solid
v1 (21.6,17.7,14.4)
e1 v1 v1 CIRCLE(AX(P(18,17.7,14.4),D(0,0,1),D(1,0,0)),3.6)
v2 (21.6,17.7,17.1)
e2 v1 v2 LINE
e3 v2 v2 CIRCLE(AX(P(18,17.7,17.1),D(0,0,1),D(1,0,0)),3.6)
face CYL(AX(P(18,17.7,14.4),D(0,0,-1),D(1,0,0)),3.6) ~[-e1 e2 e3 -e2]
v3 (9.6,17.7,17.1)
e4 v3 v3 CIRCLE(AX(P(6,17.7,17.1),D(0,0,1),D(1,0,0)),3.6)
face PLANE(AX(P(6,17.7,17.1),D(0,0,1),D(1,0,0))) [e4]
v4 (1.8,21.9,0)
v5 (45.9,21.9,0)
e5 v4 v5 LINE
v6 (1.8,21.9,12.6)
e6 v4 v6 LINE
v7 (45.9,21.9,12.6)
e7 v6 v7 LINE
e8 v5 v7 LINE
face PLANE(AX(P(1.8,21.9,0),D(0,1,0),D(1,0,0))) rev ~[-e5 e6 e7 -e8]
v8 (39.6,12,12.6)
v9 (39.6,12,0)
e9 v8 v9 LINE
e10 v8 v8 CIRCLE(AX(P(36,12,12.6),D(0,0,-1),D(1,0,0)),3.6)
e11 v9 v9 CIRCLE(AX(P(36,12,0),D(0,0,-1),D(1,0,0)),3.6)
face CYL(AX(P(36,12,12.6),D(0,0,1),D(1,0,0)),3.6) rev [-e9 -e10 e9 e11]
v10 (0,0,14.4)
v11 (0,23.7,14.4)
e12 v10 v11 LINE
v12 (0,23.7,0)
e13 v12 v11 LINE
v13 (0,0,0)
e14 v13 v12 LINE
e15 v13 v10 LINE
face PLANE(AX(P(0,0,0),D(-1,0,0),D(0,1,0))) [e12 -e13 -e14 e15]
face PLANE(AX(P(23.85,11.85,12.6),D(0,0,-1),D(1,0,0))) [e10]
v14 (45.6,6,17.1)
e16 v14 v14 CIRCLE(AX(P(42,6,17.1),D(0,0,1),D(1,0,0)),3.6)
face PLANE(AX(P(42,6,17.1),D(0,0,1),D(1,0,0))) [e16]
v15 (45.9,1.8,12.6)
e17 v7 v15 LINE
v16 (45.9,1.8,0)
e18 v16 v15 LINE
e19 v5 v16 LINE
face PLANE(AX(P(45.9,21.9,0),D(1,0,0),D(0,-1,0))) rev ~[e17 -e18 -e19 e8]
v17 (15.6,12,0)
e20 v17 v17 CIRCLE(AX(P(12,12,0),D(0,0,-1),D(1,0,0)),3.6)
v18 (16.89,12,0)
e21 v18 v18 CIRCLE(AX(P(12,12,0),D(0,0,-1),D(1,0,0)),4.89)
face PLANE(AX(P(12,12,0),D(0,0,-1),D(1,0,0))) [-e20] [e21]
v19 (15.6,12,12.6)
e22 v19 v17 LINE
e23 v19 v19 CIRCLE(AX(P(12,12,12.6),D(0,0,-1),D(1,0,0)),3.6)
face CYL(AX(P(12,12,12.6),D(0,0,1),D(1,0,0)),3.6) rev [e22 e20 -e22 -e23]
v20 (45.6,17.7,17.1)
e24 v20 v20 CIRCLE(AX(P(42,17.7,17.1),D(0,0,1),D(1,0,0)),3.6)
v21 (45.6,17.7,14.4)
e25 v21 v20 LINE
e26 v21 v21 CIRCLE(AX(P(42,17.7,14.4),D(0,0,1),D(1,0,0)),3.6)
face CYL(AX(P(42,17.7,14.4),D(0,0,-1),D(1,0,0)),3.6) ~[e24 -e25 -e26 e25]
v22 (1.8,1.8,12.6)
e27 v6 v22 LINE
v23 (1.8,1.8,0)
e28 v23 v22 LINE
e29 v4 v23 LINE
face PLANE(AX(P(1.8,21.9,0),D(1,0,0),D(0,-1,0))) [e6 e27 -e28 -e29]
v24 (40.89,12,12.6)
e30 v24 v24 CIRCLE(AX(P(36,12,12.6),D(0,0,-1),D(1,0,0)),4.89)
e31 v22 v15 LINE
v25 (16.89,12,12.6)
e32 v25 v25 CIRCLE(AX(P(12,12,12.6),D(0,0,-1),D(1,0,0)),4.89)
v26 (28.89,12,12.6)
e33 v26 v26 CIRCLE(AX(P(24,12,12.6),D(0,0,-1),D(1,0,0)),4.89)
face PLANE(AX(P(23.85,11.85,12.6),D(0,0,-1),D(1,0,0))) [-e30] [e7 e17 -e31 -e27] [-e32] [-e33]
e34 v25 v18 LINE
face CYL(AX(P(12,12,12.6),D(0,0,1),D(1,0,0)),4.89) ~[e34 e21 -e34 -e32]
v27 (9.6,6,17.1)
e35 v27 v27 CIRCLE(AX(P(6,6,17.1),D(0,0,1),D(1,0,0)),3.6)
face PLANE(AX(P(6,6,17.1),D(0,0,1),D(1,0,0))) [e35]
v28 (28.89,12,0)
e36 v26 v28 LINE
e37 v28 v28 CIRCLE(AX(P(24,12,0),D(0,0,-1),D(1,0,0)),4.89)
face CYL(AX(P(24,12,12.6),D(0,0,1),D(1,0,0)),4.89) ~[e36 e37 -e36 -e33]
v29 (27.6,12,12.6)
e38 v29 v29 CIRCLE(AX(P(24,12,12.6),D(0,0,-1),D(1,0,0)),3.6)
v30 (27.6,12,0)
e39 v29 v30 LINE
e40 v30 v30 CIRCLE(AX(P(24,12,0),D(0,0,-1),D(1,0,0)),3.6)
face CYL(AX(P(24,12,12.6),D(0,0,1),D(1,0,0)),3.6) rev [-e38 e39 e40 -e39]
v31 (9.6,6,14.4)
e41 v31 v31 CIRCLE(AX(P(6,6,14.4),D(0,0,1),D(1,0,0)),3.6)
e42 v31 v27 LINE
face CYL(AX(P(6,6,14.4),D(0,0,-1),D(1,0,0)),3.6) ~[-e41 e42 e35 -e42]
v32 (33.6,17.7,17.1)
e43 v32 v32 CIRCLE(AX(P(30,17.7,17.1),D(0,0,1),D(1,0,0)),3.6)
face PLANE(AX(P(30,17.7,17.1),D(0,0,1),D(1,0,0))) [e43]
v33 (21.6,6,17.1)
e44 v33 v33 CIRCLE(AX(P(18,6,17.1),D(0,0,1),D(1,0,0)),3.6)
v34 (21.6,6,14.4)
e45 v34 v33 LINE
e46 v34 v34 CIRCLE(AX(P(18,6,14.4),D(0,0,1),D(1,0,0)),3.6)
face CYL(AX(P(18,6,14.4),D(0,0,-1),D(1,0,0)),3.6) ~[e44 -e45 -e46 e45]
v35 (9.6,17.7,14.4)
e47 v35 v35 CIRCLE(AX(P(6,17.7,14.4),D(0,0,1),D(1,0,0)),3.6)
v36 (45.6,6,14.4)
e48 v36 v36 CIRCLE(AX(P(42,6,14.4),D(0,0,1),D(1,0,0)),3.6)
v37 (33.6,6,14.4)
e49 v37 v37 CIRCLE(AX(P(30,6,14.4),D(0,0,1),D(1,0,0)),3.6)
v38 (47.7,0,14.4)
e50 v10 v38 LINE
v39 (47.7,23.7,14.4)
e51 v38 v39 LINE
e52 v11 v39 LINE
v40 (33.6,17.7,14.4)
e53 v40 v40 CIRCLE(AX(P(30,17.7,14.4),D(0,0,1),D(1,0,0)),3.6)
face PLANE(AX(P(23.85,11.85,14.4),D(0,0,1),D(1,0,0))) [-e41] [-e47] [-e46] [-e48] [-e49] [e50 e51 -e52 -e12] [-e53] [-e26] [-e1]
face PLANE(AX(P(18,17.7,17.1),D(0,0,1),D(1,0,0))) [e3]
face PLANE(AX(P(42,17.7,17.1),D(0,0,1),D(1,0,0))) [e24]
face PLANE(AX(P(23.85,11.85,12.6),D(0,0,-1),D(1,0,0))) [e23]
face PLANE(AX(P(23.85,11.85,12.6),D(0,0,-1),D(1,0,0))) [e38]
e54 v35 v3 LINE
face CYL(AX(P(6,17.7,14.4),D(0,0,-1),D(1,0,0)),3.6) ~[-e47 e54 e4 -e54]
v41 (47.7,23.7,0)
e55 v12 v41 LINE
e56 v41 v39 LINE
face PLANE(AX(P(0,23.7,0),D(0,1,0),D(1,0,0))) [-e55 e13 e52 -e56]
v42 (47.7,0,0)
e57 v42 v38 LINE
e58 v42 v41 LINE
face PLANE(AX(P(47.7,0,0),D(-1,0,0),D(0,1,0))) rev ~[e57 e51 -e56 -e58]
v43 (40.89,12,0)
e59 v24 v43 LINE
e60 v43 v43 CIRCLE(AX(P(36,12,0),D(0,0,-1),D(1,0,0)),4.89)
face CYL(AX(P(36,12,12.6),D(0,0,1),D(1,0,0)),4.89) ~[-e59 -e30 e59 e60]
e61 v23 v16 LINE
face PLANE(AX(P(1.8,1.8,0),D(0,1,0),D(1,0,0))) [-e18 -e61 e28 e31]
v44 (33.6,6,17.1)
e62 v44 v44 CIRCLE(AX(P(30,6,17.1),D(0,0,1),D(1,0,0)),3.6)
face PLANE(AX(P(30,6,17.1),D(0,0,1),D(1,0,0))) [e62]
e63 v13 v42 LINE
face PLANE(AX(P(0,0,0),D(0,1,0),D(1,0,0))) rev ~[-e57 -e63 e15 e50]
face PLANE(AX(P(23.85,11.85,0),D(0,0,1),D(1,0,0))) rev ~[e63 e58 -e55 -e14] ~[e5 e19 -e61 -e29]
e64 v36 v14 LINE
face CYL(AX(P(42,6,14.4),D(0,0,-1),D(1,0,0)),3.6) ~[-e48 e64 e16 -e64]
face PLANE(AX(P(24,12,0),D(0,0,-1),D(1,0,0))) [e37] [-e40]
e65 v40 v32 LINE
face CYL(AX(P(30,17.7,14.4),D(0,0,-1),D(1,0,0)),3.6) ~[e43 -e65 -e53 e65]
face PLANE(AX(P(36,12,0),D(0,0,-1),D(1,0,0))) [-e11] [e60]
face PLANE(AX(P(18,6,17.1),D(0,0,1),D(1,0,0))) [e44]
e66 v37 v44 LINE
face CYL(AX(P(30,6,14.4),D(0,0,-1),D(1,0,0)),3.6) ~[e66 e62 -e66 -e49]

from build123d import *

# Parameters (mm, degrees)
SKETCH_W               = 47.7
SKETCH_H               = 23.7
PAD_DEPTH              = 14.4
SKETCH001_W            = 44.1
SKETCH001_H            = 20.1
POCKET_DEPTH           = 12.6
SKETCH002_R            = 3.6
PAD001_DEPTH           = 2.7
LINEARPATTERN_COUNT    = 4
LINEARPATTERN_PITCH    = 12
SKETCH003_R            = 4.89
SKETCH003_R_2          = 3.6
PAD002_DEPTH           = 12.6
LINEARPATTERN001_COUNT = 3
LINEARPATTERN001_PITCH = 12


with BuildPart() as part:
    # Sketch → Pad (new body)
    with BuildSketch(Plane.XY):
        with Locations((23.85, 11.85)):
            Rectangle(SKETCH_W, SKETCH_H)
    extrude(amount=PAD_DEPTH)

    # Sketch001 (on Face5 of Pad) → Pocket (cut)
    with BuildSketch(Plane(origin=(0, 0, 0), x_dir=(1, 0, 0), z_dir=(0, 0, -1))):
        with Locations((23.85, -11.85)):
            Rectangle(SKETCH001_W, SKETCH001_H)
    extrude(amount=-POCKET_DEPTH, mode=Mode.SUBTRACT)

    # Sketch002 (on Face5 of Pocket) → Pad001 (join)
    with BuildSketch(Plane.XY.offset(14.4)):
        with Locations((6, 17.7)):
            Circle(SKETCH002_R)
        with Locations((6, 6)):
            Circle(SKETCH002_R)
    pad001 = extrude(amount=PAD001_DEPTH)

    # LinearPattern: Pad001 ×4
    with Locations(*[(i * LINEARPATTERN_PITCH, 0, 0) for i in range(1, LINEARPATTERN_COUNT)]):
        add(pad001)

    # Sketch003 (on Face19 of LinearPattern) → Pad002 (join)
    with BuildSketch(Plane(origin=(0, 0, 12.6), x_dir=(1, 0, 0), z_dir=(0, 0, -1))):
        with Locations((12, -12)):
            Circle(SKETCH003_R)
        with Locations((12, -12)):
            Circle(SKETCH003_R_2, mode=Mode.SUBTRACT)
    pad002 = extrude(amount=PAD002_DEPTH)

    # LinearPattern001: Pad002 ×3
    with Locations(*[(i * LINEARPATTERN001_PITCH, 0, 0) for i in range(1, LINEARPATTERN001_COUNT)]):
        add(pad002)


solid = part.part
